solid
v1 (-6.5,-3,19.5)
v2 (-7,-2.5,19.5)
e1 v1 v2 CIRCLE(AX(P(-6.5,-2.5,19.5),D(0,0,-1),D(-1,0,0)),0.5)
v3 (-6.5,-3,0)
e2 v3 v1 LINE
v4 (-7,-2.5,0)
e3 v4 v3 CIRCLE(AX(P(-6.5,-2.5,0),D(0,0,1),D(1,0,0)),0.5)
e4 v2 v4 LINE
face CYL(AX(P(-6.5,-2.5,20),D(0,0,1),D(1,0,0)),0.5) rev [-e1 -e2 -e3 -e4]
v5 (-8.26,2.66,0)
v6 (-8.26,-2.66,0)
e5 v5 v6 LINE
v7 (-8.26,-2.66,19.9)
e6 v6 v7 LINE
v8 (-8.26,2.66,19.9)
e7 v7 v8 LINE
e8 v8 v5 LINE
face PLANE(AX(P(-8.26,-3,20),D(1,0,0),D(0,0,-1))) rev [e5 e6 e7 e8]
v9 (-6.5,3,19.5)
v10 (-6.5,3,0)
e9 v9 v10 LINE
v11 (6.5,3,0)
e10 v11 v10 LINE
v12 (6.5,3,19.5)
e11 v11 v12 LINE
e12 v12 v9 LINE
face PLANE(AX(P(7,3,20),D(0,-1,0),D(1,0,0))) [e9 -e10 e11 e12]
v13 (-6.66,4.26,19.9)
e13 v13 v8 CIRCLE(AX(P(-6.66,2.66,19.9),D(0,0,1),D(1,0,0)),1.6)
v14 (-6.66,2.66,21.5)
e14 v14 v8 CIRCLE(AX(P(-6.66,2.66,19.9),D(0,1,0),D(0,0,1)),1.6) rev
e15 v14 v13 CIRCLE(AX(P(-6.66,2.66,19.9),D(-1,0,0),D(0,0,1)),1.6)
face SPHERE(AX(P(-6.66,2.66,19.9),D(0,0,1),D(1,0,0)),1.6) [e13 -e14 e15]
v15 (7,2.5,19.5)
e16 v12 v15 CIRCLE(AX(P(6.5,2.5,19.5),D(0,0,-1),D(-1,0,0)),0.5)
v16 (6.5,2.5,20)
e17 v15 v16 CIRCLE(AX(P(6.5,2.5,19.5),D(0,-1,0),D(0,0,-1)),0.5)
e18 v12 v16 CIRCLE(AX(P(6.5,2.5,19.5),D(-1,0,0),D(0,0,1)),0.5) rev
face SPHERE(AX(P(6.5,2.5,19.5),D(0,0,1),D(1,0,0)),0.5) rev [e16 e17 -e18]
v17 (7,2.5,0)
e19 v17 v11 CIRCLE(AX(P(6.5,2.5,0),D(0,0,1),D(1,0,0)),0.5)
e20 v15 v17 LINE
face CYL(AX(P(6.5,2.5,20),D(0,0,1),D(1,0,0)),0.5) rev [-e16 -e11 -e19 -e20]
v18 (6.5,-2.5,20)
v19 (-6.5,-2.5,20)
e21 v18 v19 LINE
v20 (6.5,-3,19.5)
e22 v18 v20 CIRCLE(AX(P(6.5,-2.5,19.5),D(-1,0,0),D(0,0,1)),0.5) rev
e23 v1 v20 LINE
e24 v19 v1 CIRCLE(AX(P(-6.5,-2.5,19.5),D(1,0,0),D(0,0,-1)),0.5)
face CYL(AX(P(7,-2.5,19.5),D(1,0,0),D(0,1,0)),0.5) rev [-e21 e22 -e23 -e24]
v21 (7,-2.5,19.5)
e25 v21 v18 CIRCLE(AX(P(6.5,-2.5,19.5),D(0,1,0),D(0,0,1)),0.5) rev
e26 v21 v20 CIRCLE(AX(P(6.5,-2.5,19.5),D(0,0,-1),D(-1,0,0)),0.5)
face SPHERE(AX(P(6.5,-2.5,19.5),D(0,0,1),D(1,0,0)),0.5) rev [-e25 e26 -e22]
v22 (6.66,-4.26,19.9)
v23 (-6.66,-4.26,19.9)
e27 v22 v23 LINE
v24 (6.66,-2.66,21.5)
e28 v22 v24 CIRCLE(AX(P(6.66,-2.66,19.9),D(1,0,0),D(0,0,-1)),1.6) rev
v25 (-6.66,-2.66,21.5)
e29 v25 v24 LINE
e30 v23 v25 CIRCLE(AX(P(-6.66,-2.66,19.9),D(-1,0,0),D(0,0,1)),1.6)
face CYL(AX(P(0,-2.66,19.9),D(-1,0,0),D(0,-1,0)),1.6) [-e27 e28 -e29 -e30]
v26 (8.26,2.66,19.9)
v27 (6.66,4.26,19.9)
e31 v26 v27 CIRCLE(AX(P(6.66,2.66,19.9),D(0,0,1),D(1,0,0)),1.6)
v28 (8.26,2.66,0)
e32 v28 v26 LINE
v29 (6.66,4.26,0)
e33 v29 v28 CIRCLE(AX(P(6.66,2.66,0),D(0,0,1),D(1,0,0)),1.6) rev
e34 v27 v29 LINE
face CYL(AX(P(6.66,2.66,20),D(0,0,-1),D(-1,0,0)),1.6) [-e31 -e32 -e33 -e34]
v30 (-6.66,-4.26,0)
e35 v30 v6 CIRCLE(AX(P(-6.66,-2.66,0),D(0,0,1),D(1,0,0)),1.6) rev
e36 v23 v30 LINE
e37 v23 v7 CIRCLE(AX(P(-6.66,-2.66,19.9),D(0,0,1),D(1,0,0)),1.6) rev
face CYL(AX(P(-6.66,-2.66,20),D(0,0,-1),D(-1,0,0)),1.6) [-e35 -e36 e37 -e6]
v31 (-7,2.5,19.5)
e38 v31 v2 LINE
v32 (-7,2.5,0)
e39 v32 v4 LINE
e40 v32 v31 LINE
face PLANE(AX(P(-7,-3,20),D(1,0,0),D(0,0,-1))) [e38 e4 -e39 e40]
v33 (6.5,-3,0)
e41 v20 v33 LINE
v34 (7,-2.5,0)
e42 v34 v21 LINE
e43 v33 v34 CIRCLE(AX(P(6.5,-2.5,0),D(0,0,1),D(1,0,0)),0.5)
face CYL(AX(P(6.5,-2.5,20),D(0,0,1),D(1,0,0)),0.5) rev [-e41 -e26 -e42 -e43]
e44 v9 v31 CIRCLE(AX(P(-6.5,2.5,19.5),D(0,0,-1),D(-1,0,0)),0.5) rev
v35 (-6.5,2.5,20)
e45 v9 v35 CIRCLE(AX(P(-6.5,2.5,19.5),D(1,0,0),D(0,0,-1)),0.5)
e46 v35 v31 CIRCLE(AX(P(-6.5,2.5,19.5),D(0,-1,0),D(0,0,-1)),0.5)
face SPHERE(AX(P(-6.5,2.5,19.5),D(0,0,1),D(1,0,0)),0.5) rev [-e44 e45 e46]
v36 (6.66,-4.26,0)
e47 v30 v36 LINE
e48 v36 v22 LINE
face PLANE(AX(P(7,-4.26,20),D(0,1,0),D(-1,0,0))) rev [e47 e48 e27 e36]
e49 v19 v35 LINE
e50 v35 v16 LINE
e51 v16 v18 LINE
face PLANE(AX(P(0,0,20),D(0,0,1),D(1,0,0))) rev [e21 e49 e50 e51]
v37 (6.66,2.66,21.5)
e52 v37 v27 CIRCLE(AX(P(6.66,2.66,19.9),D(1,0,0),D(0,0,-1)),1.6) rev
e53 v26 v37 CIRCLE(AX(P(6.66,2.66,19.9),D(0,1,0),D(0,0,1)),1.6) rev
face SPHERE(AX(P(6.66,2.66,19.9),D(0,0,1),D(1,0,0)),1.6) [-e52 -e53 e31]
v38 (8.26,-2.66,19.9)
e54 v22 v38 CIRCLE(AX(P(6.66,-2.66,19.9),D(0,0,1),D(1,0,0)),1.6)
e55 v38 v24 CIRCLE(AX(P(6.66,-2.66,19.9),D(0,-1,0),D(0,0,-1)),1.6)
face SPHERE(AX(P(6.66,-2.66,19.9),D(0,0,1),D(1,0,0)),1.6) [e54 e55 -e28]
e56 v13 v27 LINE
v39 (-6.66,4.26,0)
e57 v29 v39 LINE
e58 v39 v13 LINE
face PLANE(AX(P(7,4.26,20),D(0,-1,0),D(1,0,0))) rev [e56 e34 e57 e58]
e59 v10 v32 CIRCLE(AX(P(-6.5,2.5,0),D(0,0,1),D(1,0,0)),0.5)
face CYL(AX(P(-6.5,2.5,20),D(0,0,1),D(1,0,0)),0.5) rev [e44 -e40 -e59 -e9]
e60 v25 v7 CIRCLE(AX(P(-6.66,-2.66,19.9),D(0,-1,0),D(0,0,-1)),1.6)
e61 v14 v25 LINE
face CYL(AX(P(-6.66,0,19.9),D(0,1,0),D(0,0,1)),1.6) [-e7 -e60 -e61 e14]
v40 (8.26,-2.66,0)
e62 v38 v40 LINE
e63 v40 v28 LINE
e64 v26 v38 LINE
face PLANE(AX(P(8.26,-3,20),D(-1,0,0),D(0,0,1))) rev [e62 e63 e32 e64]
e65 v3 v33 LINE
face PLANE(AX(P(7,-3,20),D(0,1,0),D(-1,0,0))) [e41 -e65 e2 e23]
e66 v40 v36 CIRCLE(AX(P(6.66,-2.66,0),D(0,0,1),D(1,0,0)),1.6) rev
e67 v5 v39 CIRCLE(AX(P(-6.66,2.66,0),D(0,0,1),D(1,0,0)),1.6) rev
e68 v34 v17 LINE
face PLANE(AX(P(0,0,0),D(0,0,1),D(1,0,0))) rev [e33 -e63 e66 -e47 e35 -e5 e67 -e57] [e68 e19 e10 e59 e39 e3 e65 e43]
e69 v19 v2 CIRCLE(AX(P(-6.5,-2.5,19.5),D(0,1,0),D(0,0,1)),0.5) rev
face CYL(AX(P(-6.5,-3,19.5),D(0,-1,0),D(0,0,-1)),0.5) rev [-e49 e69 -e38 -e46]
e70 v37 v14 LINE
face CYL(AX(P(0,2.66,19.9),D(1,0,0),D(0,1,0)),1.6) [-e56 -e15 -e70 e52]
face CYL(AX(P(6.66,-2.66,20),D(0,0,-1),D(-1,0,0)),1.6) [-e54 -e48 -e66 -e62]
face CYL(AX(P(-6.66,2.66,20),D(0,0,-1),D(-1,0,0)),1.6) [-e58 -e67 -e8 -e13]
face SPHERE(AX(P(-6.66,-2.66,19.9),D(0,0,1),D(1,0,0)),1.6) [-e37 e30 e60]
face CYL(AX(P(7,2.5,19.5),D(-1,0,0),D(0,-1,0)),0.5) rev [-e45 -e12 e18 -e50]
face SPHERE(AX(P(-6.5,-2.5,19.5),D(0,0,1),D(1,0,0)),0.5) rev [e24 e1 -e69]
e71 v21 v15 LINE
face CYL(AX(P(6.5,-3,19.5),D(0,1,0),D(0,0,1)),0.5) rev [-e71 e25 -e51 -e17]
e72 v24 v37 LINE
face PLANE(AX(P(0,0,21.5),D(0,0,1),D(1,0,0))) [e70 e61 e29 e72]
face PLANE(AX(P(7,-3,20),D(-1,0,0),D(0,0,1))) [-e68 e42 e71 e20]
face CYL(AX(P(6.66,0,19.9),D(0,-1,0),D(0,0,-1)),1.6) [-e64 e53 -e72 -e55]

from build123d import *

# Parameters (mm, degrees)
SCHIZZO1_W                   = 16.52
SCHIZZO1_H                   = 8.52
SCHIZZO1_W_2                 = 14
SCHIZZO1_H_2                 = 6
ESTRUSIONE_SOTTILE1_DEPTH    = 20
SCHIZZO2_W                   = 16.52
SCHIZZO2_H                   = 8.52
ESTRUSIONE_ESTRUSIONE1_DEPTH = 1.5
RACCORDO1_R                  = 1.6
RACCORDO2_R                  = 0.5


with BuildPart() as part:
    # Schizzo1 → Estrusione-Sottile1 (new body)
    with BuildSketch(Plane.XY):
        Rectangle(SCHIZZO1_W, SCHIZZO1_H)
        Rectangle(SCHIZZO1_W_2, SCHIZZO1_H_2, mode=Mode.SUBTRACT)
    extrude(amount=ESTRUSIONE_SOTTILE1_DEPTH)

    # Schizzo2 → Estrusione-Estrusione1 (add)
    with BuildSketch(Plane.XY.offset(20)):
        Rectangle(SCHIZZO2_W, SCHIZZO2_H)
    extrude(amount=ESTRUSIONE_ESTRUSIONE1_DEPTH)

    # Raccordo1
    raccordo1_edges = [part.edges().sort_by_distance(p)[0] for p in [
        (0, -4.26, 21.5),
        (8.26, 0, 21.5),
        (0, 4.26, 21.5),
        (-8.26, 0, 21.5),
        (-8.26, 4.26, 10.75),
        (8.26, 4.26, 10.75),
        (8.26, -4.26, 10.75),
        (-8.26, -4.26, 10.75),
    ]]
    fillet(raccordo1_edges, radius=RACCORDO1_R)

    # Raccordo2
    raccordo2_edges = [part.edges().sort_by_distance(p)[0] for p in [
        (-7, 3, 10),
        (-7, -3, 10),
        (7, -3, 10),
        (7, 3, 10),
        (-7, 0, 20),
        (0, -3, 20),
        (7, 0, 20),
        (0, 3, 20),
    ]]
    fillet(raccordo2_edges, radius=RACCORDO2_R)


solid = part.part
